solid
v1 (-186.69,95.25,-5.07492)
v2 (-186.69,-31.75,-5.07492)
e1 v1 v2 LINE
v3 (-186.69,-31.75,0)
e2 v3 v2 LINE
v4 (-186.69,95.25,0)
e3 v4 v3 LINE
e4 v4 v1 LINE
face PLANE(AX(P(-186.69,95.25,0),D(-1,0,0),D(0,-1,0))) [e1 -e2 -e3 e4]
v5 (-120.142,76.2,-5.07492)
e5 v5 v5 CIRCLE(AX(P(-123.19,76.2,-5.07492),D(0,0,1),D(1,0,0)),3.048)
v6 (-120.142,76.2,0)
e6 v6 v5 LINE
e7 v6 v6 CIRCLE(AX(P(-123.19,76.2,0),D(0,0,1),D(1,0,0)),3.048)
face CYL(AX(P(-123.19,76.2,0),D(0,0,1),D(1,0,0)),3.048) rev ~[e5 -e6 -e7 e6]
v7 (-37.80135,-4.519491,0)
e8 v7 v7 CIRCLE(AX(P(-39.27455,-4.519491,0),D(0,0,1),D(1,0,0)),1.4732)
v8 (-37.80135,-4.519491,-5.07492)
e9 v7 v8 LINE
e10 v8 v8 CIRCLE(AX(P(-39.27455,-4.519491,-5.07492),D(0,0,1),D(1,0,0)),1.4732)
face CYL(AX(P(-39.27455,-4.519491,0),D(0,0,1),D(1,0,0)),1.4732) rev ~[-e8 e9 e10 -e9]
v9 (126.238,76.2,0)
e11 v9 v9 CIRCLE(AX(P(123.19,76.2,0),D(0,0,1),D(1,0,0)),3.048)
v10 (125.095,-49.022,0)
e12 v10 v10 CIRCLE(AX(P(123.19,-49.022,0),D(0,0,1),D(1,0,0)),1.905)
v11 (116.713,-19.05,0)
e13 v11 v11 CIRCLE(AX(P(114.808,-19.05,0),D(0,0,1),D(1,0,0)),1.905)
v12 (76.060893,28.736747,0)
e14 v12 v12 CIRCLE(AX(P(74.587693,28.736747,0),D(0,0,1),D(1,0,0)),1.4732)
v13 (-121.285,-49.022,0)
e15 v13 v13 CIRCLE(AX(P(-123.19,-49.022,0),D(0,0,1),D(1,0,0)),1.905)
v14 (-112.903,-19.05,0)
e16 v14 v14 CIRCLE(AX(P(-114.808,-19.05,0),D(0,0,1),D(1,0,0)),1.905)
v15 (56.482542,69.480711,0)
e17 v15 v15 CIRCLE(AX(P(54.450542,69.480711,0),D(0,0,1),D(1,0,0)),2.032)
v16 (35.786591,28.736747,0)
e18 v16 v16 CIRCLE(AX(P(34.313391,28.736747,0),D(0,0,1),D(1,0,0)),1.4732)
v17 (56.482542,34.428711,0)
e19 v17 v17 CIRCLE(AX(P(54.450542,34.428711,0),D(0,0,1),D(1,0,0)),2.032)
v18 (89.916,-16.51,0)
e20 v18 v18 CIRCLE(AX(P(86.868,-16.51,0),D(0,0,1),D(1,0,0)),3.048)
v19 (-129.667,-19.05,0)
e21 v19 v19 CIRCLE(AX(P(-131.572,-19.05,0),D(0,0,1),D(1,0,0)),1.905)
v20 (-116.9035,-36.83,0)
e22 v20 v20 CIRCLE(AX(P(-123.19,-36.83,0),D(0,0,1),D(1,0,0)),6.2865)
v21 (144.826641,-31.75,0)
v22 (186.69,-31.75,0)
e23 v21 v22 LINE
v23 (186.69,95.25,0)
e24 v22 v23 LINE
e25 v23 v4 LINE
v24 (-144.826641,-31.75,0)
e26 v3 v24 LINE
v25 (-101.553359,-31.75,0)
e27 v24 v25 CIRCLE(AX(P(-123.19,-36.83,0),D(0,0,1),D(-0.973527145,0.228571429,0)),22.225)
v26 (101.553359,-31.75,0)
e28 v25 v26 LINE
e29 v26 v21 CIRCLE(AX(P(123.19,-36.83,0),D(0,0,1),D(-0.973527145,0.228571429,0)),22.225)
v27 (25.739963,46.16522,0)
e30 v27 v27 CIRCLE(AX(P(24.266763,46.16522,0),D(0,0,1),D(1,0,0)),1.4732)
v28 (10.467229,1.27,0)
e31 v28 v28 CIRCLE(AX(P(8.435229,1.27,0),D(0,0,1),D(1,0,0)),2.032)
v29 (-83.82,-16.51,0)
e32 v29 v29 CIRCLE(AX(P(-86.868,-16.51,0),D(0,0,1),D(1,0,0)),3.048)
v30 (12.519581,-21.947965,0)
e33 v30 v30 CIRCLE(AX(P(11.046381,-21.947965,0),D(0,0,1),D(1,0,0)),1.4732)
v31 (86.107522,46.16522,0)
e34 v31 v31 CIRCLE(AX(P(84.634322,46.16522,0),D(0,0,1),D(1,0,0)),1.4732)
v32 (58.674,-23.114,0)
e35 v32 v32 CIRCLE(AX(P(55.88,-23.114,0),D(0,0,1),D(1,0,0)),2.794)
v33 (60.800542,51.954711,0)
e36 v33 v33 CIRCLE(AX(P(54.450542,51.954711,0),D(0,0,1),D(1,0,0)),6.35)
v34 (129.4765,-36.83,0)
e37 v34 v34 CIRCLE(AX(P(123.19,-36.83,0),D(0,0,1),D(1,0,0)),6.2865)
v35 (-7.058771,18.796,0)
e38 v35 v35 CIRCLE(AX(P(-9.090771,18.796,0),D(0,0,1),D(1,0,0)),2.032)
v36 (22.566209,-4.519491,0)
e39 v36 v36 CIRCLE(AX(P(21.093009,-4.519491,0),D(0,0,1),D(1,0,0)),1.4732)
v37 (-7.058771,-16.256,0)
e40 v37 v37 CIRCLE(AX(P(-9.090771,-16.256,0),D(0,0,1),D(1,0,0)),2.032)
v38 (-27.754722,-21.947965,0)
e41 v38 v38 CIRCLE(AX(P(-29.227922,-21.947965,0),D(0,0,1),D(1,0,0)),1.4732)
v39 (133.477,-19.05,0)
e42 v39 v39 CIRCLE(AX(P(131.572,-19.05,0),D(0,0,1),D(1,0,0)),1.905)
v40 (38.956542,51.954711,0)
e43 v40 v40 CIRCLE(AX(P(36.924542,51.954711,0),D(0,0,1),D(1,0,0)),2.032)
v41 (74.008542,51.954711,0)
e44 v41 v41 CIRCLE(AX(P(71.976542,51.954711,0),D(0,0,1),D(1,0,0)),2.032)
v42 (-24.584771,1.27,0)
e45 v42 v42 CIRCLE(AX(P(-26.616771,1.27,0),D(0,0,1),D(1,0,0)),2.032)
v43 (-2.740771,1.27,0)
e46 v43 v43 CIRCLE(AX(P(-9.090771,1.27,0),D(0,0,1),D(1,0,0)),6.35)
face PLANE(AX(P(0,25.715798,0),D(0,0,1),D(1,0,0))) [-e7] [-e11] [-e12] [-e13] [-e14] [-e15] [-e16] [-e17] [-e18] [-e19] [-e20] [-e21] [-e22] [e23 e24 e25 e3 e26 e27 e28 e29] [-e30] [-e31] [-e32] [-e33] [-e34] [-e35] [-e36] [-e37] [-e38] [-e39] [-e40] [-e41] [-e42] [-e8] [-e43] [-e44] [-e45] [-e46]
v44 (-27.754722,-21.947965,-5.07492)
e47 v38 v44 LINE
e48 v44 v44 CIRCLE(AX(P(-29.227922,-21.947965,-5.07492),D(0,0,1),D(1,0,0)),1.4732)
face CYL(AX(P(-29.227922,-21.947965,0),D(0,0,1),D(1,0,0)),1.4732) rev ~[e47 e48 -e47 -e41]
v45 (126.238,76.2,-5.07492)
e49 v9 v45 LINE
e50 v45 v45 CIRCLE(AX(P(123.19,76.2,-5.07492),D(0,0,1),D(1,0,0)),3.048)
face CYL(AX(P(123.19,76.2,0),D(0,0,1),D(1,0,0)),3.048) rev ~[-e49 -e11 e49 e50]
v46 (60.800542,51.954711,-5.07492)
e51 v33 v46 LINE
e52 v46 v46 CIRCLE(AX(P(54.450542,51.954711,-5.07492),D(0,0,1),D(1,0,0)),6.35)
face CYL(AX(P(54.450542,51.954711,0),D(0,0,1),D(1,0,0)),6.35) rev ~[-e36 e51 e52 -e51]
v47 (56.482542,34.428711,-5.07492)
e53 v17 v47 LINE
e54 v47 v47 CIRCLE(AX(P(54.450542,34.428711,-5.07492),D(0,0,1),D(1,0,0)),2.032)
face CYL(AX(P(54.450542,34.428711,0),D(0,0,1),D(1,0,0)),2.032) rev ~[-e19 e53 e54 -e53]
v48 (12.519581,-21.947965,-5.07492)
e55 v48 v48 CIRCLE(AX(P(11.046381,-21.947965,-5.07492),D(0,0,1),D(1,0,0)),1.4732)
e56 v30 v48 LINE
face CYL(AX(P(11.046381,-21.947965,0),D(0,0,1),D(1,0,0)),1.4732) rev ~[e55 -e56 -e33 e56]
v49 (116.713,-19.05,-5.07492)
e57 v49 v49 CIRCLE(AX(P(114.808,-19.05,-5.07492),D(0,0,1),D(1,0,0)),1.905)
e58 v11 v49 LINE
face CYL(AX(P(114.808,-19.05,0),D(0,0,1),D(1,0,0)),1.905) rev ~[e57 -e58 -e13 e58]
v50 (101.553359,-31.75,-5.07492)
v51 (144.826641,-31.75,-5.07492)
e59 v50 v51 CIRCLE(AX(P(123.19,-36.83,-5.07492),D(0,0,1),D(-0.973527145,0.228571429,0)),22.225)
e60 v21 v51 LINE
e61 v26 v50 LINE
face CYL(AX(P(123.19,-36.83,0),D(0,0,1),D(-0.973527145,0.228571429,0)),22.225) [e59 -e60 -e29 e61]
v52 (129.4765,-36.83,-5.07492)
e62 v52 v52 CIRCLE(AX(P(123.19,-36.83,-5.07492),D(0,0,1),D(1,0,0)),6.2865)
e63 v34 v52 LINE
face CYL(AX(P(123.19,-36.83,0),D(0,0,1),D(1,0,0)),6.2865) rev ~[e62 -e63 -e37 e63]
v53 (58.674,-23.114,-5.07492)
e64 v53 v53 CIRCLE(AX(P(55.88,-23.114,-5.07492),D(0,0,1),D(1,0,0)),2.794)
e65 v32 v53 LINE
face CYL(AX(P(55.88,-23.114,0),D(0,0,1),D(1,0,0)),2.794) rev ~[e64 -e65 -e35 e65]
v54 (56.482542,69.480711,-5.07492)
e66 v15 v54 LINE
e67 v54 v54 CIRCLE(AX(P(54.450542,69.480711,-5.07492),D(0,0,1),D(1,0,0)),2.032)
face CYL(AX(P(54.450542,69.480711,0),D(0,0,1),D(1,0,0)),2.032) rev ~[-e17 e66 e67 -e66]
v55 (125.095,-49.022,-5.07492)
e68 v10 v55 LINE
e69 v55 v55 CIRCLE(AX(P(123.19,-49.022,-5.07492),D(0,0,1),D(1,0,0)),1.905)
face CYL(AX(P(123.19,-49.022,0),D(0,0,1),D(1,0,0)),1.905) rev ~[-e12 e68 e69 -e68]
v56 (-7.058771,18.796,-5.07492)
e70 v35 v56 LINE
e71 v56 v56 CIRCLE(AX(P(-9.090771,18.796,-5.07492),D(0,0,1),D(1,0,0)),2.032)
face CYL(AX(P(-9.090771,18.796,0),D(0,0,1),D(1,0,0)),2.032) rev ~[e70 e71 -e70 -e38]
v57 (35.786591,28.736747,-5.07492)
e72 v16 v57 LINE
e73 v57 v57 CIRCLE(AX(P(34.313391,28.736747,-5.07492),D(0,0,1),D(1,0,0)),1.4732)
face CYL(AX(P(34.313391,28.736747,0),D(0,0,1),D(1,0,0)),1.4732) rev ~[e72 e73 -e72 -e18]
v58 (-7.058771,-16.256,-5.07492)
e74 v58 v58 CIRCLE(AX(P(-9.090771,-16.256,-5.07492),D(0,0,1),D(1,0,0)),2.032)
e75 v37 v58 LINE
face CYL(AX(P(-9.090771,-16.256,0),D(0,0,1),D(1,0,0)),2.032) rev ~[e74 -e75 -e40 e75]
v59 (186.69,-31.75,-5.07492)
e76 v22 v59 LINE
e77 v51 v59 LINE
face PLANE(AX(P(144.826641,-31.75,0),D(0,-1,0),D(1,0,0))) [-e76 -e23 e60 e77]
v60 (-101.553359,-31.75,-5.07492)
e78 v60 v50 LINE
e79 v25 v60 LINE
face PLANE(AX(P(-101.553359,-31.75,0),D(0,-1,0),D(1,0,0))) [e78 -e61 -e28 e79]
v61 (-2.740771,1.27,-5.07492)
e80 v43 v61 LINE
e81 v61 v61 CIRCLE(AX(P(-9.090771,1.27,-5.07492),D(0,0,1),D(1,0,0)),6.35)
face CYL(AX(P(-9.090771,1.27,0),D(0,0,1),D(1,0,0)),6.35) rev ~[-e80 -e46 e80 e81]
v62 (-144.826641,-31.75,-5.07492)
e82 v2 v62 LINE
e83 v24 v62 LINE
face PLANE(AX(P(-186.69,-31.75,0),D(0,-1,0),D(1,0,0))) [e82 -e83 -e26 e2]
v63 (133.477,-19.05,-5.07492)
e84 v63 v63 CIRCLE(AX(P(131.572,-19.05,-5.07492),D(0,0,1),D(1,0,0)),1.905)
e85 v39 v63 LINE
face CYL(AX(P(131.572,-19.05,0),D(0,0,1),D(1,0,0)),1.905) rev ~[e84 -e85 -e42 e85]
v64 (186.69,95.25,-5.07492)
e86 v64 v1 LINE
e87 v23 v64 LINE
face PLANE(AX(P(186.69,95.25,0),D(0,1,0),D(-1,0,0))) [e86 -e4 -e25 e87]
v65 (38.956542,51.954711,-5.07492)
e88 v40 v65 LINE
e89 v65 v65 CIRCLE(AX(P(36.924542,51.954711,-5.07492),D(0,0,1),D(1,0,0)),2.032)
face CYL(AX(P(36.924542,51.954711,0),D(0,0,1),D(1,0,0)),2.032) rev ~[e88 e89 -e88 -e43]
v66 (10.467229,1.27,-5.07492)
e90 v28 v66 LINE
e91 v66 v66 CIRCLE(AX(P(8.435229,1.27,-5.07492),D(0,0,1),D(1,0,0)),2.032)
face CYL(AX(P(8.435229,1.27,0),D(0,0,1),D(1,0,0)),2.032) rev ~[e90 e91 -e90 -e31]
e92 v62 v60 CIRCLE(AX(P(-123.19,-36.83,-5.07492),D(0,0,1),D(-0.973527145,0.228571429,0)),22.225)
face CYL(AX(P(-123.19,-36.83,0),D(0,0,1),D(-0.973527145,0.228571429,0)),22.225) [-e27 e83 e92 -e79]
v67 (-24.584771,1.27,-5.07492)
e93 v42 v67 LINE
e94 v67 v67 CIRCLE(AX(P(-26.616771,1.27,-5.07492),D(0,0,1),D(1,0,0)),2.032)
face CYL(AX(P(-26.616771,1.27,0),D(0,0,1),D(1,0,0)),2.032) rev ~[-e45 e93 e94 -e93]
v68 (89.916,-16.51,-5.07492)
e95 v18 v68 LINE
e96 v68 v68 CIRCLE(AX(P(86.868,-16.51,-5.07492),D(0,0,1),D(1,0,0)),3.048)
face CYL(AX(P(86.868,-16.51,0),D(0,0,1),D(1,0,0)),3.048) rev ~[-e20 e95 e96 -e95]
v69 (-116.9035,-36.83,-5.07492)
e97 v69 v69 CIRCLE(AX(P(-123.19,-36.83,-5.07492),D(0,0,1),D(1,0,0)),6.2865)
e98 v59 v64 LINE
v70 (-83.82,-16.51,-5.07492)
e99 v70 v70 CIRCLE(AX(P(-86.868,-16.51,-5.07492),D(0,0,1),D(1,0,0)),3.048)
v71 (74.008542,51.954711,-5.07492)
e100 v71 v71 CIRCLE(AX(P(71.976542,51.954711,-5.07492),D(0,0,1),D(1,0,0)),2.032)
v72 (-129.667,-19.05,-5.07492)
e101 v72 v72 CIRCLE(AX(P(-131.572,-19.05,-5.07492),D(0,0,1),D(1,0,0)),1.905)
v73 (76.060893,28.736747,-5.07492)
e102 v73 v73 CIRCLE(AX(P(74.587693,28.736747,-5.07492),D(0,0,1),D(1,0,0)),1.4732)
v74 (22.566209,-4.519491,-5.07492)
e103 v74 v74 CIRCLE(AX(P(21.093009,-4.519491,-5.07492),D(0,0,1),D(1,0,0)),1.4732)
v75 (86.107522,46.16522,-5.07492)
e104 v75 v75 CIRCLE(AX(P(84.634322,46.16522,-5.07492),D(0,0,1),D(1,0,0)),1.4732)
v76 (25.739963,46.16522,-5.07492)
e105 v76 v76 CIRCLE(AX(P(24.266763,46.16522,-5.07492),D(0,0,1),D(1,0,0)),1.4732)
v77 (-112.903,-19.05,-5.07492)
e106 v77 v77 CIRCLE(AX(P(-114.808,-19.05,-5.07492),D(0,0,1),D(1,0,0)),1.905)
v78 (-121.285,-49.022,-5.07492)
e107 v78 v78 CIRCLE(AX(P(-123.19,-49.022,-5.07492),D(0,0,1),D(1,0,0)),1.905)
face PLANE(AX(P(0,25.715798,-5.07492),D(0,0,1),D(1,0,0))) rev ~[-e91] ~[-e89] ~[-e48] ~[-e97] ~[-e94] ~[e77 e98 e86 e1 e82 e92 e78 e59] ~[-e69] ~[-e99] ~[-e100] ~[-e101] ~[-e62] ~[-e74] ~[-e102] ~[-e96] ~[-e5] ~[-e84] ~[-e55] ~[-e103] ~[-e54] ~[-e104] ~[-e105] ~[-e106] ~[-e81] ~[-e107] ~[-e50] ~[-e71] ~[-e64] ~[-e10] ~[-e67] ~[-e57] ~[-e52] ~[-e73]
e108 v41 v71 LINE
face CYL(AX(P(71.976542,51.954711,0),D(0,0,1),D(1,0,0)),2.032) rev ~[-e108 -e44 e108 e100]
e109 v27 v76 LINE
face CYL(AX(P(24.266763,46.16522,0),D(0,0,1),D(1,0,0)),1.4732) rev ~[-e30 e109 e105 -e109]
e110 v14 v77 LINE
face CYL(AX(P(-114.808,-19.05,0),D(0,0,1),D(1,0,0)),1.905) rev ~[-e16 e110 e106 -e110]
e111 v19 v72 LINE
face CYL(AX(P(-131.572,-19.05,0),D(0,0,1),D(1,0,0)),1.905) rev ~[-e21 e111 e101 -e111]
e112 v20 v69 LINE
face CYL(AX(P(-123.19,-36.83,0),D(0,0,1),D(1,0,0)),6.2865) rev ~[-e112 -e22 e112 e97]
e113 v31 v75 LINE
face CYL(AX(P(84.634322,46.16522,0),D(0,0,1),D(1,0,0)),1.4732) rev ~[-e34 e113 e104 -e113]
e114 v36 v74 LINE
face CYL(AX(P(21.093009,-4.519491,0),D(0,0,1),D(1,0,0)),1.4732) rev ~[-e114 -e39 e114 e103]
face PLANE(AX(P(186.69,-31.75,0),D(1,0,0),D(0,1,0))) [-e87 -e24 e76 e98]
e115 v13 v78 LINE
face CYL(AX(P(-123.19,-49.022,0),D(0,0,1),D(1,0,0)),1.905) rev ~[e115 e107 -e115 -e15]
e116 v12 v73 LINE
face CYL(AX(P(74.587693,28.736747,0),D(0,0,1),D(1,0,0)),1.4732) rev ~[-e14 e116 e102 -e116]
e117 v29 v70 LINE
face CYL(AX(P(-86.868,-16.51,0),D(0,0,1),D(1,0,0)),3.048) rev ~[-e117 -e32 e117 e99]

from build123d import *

# Parameters (mm, degrees)
SKETCH2_R           = 3.048
BOSS_EXTRUDE1_DEPTH = 5.07492
SKETCH2_4_R         = 6.2865
CUT_EXTRUDE11_DEPTH = 210.646067011
SKETCH3_R           = 6.35
SKETCH3_R_2         = 2.032
CUT_EXTRUDE12_DEPTH = 210.646067011
SKETCH5_R           = 1.4732
CUT_EXTRUDE13_DEPTH = 210.646067011
SKETCH7_R           = 1.905
CUT_EXTRUDE14_DEPTH = 210.646067011
SKETCH9_R           = 2.794
CUT_EXTRUDE16_DEPTH = 5.08


with BuildPart() as part:
    # Sketch2 → Boss-Extrude1 (new body)
    with BuildSketch(Plane.XY):
        with BuildLine():
            Line((-186.69, -31.75), (-144.826640797, -31.75))
            ThreePointArc((-144.826640797, -31.75), (-123.19, -59.055), (-101.553359203, -31.75))
            Line((-101.553359203, -31.75), (101.553359203, -31.75))
            ThreePointArc((101.553359203, -31.75), (123.19, -59.055), (144.826640797, -31.75))
            Line((144.826640797, -31.75), (186.69, -31.75))
            Line((186.69, -31.75), (186.69, 95.25))
            Line((186.69, 95.25), (-186.69, 95.25))
            Line((-186.69, 95.25), (-186.69, -31.75))
        make_face()
        with Locations((-86.868, -16.51)):
            Circle(SKETCH2_R, mode=Mode.SUBTRACT)
        with Locations((86.868, -16.51)):
            Circle(SKETCH2_R, mode=Mode.SUBTRACT)
        with Locations((123.19, 76.2)):
            Circle(SKETCH2_R, mode=Mode.SUBTRACT)
        with Locations((-123.19, 76.2)):
            Circle(SKETCH2_R, mode=Mode.SUBTRACT)
    extrude(amount=-BOSS_EXTRUDE1_DEPTH)

    # Sketch2<4> → Cut-Extrude11 (cut, through all)
    with BuildSketch(Plane.XY):
        with Locations((-123.19, -36.83)):
            Circle(SKETCH2_4_R)
        with Locations((123.19, -36.83)):
            Circle(SKETCH2_4_R)
    extrude(amount=-CUT_EXTRUDE11_DEPTH, mode=Mode.SUBTRACT)

    # Sketch3 → Cut-Extrude12 (cut, through all)
    with BuildSketch(Plane.XY):
        with Locations((-9.090770625, 1.27)):
            Circle(SKETCH3_R)
        with Locations((54.450542101, 51.954711472)):
            Circle(SKETCH3_R)
        with Locations((-26.616770625, 1.27)):
            Circle(SKETCH3_R_2)
        with Locations((-9.090770625, 18.796)):
            Circle(SKETCH3_R_2)
        with Locations((-9.090770625, -16.256)):
            Circle(SKETCH3_R_2)
        with Locations((8.435229375, 1.27)):
            Circle(SKETCH3_R_2)
        with Locations((36.924542101, 51.954711472)):
            Circle(SKETCH3_R_2)
        with Locations((71.976542101, 51.954711472)):
            Circle(SKETCH3_R_2)
        with Locations((54.450542101, 69.480711472)):
            Circle(SKETCH3_R_2)
        with Locations((54.450542101, 34.428711472)):
            Circle(SKETCH3_R_2)
    extrude(amount=-CUT_EXTRUDE12_DEPTH, mode=Mode.SUBTRACT)

    # Sketch5 → Cut-Extrude13 (cut, through all)
    with BuildSketch(Plane.XY):
        with Locations((-39.274550202, -4.519491037)):
            Circle(SKETCH5_R)
        with Locations((21.093008951, -4.519491037)):
            Circle(SKETCH5_R)
        with Locations((-29.227921948, -21.947964868)):
            Circle(SKETCH5_R)
        with Locations((11.046380698, -21.947964868)):
            Circle(SKETCH5_R)
        with Locations((24.266762524, 46.165220436)):
            Circle(SKETCH5_R)
        with Locations((84.634321678, 46.165220436)):
            Circle(SKETCH5_R)
        with Locations((34.313390778, 28.736746605)):
            Circle(SKETCH5_R)
        with Locations((74.587693424, 28.736746605)):
            Circle(SKETCH5_R)
    extrude(amount=-CUT_EXTRUDE13_DEPTH, mode=Mode.SUBTRACT)

    # Sketch7 → Cut-Extrude14 (cut, through all)
    with BuildSketch(Plane.XY):
        with Locations((131.572, -19.05)):
            Circle(SKETCH7_R)
        with Locations((114.808, -19.05)):
            Circle(SKETCH7_R)
        with Locations((-123.19, -49.022)):
            Circle(SKETCH7_R)
        with Locations((-131.572, -19.05)):
            Circle(SKETCH7_R)
        with Locations((-114.808, -19.05)):
            Circle(SKETCH7_R)
        with Locations((123.19, -49.022)):
            Circle(SKETCH7_R)
    extrude(amount=-CUT_EXTRUDE14_DEPTH, mode=Mode.SUBTRACT)

    # Sketch9 → Cut-Extrude16 (cut)
    with BuildSketch(Plane.XY):
        with Locations((55.88, -23.114)):
            Circle(SKETCH9_R)
    extrude(amount=-CUT_EXTRUDE16_DEPTH, mode=Mode.SUBTRACT)


solid = part.part
